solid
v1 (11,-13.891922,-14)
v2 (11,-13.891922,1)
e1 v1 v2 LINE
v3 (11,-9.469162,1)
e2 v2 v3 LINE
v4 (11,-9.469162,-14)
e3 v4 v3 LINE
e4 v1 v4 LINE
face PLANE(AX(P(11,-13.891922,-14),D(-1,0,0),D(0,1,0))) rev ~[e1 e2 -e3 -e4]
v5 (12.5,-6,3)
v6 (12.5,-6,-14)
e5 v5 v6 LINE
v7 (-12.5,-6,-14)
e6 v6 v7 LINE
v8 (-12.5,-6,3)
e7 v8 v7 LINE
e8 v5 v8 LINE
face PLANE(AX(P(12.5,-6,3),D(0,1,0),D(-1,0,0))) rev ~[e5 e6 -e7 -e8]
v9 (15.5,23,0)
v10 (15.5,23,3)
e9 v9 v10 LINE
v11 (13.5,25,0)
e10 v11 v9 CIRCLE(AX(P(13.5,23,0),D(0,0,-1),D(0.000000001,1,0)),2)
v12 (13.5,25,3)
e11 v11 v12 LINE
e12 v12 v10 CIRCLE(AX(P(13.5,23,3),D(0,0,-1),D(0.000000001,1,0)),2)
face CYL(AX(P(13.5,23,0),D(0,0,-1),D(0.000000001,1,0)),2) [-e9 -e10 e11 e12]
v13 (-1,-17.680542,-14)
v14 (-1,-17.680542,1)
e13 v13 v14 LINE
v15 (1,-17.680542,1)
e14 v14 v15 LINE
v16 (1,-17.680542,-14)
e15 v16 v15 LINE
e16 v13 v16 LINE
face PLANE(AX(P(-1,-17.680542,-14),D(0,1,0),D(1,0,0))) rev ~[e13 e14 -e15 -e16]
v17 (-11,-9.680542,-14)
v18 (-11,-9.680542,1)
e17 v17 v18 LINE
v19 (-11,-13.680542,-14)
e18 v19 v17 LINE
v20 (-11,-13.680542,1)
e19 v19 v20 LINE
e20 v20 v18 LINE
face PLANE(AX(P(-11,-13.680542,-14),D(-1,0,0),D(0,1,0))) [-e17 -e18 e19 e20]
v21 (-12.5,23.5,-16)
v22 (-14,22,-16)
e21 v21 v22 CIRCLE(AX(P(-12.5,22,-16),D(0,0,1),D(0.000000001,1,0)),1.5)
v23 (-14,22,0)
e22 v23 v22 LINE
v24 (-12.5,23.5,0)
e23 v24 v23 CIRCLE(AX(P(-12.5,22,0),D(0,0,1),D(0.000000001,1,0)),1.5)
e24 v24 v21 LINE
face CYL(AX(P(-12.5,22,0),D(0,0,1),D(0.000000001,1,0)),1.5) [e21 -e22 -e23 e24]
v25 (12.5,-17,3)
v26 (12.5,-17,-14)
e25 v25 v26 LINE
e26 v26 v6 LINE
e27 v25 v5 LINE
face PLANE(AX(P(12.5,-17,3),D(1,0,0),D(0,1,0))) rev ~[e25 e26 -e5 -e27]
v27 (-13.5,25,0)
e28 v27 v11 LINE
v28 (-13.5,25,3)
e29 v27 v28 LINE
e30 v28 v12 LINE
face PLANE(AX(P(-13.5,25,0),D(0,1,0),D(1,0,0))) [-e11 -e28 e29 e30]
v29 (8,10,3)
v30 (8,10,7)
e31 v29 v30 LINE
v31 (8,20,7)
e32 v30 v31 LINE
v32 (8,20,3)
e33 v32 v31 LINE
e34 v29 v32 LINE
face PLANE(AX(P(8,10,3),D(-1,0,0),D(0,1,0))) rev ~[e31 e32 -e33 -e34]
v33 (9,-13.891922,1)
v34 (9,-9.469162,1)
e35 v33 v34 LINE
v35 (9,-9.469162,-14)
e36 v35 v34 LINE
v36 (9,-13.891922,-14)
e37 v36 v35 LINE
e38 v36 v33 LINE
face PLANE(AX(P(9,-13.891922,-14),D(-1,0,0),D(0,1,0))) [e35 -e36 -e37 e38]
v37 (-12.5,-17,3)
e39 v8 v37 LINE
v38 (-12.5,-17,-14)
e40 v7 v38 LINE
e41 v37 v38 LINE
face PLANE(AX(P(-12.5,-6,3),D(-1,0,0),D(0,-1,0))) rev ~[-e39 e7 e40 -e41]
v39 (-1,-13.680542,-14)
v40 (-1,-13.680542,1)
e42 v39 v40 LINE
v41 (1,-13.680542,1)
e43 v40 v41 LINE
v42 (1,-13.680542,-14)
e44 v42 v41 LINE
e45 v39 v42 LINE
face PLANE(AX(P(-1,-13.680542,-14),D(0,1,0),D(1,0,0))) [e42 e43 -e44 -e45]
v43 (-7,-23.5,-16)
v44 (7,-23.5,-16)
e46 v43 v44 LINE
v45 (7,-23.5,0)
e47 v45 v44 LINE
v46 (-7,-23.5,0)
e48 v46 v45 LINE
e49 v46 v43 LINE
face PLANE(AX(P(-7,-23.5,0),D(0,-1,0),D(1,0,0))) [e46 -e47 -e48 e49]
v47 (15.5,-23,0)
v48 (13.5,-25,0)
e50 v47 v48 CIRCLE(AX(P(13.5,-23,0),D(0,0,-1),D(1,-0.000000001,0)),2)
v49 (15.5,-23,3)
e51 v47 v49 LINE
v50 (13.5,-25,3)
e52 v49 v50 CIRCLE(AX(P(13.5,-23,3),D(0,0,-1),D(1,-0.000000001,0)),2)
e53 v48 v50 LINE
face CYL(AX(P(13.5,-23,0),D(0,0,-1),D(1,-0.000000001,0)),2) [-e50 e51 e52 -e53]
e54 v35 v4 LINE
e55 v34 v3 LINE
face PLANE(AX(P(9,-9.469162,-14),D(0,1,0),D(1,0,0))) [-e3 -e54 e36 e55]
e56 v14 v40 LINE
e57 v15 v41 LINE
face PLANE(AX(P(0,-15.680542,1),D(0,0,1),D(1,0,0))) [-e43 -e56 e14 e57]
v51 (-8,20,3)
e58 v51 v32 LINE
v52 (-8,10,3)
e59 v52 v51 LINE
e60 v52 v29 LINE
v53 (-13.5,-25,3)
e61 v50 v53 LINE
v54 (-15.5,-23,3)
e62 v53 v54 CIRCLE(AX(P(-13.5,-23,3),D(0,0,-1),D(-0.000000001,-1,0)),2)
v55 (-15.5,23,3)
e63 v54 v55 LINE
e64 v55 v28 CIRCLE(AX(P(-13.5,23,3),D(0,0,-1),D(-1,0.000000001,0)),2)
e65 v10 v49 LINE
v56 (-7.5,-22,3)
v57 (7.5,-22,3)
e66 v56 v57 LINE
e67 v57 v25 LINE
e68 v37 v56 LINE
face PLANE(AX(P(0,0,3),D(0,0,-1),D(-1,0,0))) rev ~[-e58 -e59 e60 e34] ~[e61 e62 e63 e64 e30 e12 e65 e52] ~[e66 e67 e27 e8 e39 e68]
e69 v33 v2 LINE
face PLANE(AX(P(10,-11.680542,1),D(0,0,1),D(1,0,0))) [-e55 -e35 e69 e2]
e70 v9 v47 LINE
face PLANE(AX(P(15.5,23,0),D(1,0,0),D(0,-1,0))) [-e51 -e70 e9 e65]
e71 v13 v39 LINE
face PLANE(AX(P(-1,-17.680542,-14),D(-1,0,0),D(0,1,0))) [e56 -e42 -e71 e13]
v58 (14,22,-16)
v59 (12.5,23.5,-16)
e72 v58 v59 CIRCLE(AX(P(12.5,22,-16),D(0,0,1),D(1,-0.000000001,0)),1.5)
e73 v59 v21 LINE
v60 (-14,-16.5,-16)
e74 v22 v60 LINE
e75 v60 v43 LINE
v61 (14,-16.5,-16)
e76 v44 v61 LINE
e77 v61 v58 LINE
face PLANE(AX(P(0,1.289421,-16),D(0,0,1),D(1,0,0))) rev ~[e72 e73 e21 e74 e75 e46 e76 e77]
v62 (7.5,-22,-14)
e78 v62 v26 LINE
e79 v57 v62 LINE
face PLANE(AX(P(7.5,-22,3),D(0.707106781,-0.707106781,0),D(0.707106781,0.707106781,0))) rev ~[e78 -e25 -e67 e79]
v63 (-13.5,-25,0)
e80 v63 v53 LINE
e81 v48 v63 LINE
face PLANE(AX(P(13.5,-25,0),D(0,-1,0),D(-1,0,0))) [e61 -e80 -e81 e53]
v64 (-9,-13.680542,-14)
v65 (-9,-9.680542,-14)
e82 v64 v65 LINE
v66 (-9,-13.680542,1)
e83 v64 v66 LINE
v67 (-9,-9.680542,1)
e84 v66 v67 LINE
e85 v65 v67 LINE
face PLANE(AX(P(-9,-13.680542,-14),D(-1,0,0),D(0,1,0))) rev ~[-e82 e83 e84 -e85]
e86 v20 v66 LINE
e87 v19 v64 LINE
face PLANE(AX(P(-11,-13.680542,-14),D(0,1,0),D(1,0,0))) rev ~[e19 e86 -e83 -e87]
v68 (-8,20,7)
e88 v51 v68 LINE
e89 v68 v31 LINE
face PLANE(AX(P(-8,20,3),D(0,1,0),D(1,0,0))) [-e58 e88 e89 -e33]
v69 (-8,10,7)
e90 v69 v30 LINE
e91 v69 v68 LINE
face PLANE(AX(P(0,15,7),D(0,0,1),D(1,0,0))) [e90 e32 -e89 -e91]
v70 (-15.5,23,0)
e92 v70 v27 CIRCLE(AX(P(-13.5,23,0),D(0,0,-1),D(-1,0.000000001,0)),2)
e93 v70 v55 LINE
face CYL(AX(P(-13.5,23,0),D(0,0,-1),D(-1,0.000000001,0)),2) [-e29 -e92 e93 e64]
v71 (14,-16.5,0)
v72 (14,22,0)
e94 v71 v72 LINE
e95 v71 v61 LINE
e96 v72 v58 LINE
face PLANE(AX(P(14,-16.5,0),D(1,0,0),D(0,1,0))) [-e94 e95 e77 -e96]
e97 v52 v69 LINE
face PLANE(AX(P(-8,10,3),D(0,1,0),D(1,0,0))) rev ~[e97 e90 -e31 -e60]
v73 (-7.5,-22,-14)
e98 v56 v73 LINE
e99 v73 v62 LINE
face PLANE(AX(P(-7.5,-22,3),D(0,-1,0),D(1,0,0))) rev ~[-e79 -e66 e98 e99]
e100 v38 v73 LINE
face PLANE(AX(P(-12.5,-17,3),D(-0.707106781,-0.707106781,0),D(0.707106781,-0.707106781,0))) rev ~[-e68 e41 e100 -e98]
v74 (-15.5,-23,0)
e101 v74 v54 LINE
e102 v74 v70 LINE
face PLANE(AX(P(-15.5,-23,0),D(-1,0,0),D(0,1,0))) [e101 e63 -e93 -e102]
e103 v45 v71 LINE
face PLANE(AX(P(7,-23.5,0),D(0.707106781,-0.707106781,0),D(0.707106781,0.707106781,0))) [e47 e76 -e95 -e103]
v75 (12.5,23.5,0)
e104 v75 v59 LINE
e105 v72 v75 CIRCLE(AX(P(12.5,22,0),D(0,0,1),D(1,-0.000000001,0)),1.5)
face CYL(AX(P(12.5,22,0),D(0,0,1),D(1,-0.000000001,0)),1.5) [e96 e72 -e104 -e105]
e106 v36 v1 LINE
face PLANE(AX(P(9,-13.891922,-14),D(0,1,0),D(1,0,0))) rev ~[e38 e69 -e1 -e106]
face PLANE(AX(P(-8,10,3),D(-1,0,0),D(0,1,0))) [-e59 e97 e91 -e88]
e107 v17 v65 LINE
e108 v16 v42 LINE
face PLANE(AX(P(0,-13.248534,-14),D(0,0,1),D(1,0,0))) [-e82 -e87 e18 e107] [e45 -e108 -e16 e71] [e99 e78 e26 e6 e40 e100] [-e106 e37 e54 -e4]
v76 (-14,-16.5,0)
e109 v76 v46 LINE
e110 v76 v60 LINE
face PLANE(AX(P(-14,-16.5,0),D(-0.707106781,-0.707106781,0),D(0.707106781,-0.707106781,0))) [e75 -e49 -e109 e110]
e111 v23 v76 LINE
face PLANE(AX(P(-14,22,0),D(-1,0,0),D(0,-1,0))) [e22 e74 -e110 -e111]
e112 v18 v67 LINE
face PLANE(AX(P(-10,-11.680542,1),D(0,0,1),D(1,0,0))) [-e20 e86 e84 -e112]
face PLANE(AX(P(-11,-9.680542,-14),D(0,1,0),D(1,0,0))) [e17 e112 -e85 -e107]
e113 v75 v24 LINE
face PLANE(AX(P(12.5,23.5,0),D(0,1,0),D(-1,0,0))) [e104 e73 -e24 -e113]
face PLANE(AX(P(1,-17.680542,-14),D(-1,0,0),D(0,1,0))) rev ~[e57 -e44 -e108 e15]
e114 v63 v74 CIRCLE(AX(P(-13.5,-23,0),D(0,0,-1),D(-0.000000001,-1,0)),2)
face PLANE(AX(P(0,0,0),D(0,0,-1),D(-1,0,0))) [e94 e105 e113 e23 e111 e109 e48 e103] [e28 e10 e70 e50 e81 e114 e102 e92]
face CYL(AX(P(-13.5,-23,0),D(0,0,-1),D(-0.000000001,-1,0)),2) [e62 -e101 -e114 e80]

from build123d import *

# Parameters (mm, degrees)
BOSS_EXTRUDE1_DEPTH = 3
BOSS_EXTRUDE2_DEPTH = 16
SKETCH3_W           = 16
SKETCH3_H           = 10
BOSS_EXTRUDE3_DEPTH = 4
CUT_EXTRUDE1_DEPTH  = 17
SKETCH5_W           = 2
SKETCH5_H           = 4
SKETCH5_H_2         = 4.422760465
BOSS_EXTRUDE4_DEPTH = 15


with BuildPart() as part:
    # Sketch1 → Boss-Extrude1 (new body)
    with BuildSketch(Plane.XY):
        with BuildLine():
            Line((-13.5, 25), (13.5, 25))
            ThreePointArc((13.5, 25), (14.914213562, 24.414213562), (15.5, 23))
            Line((15.5, 23), (15.5, -23))
            ThreePointArc((15.5, -23), (14.914213562, -24.414213562), (13.5, -25))
            Line((13.5, -25), (-13.5, -25))
            ThreePointArc((-13.5, -25), (-14.914213562, -24.414213562), (-15.5, -23))
            Line((-15.5, -23), (-15.5, 23))
            ThreePointArc((-15.5, 23), (-14.914213562, 24.414213562), (-13.5, 25))
        make_face()
    extrude(amount=BOSS_EXTRUDE1_DEPTH)

    # Sketch2 → Boss-Extrude2 (add)
    with BuildSketch(Plane(origin=(0, 0, 0), x_dir=(-1, 0, 0), z_dir=(0, 0, -1))):
        with BuildLine():
            Line((-12.5, 23.5), (12.5, 23.5))
            ThreePointArc((12.5, 23.5), (13.560660172, 23.060660172), (14, 22))
            Line((14, 22), (14, -16.5))
            Line((14, -16.5), (7, -23.5))
            Line((7, -23.5), (-7, -23.5))
            Line((-7, -23.5), (-14, -16.5))
            Line((-14, -16.5), (-14, 22))
            ThreePointArc((-14, 22), (-13.560660172, 23.060660172), (-12.5, 23.5))
        make_face()
    extrude(amount=BOSS_EXTRUDE2_DEPTH)

    # Sketch3 → Boss-Extrude3 (add)
    with BuildSketch(Plane.XY.offset(3)):
        with Locations((0, 15)):
            Rectangle(SKETCH3_W, SKETCH3_H)
    extrude(amount=BOSS_EXTRUDE3_DEPTH)

    # Sketch4 → Cut-Extrude1 (cut)
    with BuildSketch(Plane.XY.offset(3)):
        Polygon((-12.5, -17), (-7.5, -22), (7.5, -22), (12.5, -17), (12.5, -6), (-12.5, -6), align=None)
    extrude(amount=-CUT_EXTRUDE1_DEPTH, mode=Mode.SUBTRACT)

    # Sketch5 → Boss-Extrude4 (add)
    with BuildSketch(Plane.XY.offset(-14)):
        with Locations((0, -15.680542245)):
            Rectangle(SKETCH5_W, SKETCH5_H)
        with Locations((-10, -11.680542245)):
            Rectangle(SKETCH5_W, SKETCH5_H)
        with Locations((10, -11.680542244)):
            Rectangle(SKETCH5_W, SKETCH5_H_2)
    extrude(amount=BOSS_EXTRUDE4_DEPTH)


solid = part.part
